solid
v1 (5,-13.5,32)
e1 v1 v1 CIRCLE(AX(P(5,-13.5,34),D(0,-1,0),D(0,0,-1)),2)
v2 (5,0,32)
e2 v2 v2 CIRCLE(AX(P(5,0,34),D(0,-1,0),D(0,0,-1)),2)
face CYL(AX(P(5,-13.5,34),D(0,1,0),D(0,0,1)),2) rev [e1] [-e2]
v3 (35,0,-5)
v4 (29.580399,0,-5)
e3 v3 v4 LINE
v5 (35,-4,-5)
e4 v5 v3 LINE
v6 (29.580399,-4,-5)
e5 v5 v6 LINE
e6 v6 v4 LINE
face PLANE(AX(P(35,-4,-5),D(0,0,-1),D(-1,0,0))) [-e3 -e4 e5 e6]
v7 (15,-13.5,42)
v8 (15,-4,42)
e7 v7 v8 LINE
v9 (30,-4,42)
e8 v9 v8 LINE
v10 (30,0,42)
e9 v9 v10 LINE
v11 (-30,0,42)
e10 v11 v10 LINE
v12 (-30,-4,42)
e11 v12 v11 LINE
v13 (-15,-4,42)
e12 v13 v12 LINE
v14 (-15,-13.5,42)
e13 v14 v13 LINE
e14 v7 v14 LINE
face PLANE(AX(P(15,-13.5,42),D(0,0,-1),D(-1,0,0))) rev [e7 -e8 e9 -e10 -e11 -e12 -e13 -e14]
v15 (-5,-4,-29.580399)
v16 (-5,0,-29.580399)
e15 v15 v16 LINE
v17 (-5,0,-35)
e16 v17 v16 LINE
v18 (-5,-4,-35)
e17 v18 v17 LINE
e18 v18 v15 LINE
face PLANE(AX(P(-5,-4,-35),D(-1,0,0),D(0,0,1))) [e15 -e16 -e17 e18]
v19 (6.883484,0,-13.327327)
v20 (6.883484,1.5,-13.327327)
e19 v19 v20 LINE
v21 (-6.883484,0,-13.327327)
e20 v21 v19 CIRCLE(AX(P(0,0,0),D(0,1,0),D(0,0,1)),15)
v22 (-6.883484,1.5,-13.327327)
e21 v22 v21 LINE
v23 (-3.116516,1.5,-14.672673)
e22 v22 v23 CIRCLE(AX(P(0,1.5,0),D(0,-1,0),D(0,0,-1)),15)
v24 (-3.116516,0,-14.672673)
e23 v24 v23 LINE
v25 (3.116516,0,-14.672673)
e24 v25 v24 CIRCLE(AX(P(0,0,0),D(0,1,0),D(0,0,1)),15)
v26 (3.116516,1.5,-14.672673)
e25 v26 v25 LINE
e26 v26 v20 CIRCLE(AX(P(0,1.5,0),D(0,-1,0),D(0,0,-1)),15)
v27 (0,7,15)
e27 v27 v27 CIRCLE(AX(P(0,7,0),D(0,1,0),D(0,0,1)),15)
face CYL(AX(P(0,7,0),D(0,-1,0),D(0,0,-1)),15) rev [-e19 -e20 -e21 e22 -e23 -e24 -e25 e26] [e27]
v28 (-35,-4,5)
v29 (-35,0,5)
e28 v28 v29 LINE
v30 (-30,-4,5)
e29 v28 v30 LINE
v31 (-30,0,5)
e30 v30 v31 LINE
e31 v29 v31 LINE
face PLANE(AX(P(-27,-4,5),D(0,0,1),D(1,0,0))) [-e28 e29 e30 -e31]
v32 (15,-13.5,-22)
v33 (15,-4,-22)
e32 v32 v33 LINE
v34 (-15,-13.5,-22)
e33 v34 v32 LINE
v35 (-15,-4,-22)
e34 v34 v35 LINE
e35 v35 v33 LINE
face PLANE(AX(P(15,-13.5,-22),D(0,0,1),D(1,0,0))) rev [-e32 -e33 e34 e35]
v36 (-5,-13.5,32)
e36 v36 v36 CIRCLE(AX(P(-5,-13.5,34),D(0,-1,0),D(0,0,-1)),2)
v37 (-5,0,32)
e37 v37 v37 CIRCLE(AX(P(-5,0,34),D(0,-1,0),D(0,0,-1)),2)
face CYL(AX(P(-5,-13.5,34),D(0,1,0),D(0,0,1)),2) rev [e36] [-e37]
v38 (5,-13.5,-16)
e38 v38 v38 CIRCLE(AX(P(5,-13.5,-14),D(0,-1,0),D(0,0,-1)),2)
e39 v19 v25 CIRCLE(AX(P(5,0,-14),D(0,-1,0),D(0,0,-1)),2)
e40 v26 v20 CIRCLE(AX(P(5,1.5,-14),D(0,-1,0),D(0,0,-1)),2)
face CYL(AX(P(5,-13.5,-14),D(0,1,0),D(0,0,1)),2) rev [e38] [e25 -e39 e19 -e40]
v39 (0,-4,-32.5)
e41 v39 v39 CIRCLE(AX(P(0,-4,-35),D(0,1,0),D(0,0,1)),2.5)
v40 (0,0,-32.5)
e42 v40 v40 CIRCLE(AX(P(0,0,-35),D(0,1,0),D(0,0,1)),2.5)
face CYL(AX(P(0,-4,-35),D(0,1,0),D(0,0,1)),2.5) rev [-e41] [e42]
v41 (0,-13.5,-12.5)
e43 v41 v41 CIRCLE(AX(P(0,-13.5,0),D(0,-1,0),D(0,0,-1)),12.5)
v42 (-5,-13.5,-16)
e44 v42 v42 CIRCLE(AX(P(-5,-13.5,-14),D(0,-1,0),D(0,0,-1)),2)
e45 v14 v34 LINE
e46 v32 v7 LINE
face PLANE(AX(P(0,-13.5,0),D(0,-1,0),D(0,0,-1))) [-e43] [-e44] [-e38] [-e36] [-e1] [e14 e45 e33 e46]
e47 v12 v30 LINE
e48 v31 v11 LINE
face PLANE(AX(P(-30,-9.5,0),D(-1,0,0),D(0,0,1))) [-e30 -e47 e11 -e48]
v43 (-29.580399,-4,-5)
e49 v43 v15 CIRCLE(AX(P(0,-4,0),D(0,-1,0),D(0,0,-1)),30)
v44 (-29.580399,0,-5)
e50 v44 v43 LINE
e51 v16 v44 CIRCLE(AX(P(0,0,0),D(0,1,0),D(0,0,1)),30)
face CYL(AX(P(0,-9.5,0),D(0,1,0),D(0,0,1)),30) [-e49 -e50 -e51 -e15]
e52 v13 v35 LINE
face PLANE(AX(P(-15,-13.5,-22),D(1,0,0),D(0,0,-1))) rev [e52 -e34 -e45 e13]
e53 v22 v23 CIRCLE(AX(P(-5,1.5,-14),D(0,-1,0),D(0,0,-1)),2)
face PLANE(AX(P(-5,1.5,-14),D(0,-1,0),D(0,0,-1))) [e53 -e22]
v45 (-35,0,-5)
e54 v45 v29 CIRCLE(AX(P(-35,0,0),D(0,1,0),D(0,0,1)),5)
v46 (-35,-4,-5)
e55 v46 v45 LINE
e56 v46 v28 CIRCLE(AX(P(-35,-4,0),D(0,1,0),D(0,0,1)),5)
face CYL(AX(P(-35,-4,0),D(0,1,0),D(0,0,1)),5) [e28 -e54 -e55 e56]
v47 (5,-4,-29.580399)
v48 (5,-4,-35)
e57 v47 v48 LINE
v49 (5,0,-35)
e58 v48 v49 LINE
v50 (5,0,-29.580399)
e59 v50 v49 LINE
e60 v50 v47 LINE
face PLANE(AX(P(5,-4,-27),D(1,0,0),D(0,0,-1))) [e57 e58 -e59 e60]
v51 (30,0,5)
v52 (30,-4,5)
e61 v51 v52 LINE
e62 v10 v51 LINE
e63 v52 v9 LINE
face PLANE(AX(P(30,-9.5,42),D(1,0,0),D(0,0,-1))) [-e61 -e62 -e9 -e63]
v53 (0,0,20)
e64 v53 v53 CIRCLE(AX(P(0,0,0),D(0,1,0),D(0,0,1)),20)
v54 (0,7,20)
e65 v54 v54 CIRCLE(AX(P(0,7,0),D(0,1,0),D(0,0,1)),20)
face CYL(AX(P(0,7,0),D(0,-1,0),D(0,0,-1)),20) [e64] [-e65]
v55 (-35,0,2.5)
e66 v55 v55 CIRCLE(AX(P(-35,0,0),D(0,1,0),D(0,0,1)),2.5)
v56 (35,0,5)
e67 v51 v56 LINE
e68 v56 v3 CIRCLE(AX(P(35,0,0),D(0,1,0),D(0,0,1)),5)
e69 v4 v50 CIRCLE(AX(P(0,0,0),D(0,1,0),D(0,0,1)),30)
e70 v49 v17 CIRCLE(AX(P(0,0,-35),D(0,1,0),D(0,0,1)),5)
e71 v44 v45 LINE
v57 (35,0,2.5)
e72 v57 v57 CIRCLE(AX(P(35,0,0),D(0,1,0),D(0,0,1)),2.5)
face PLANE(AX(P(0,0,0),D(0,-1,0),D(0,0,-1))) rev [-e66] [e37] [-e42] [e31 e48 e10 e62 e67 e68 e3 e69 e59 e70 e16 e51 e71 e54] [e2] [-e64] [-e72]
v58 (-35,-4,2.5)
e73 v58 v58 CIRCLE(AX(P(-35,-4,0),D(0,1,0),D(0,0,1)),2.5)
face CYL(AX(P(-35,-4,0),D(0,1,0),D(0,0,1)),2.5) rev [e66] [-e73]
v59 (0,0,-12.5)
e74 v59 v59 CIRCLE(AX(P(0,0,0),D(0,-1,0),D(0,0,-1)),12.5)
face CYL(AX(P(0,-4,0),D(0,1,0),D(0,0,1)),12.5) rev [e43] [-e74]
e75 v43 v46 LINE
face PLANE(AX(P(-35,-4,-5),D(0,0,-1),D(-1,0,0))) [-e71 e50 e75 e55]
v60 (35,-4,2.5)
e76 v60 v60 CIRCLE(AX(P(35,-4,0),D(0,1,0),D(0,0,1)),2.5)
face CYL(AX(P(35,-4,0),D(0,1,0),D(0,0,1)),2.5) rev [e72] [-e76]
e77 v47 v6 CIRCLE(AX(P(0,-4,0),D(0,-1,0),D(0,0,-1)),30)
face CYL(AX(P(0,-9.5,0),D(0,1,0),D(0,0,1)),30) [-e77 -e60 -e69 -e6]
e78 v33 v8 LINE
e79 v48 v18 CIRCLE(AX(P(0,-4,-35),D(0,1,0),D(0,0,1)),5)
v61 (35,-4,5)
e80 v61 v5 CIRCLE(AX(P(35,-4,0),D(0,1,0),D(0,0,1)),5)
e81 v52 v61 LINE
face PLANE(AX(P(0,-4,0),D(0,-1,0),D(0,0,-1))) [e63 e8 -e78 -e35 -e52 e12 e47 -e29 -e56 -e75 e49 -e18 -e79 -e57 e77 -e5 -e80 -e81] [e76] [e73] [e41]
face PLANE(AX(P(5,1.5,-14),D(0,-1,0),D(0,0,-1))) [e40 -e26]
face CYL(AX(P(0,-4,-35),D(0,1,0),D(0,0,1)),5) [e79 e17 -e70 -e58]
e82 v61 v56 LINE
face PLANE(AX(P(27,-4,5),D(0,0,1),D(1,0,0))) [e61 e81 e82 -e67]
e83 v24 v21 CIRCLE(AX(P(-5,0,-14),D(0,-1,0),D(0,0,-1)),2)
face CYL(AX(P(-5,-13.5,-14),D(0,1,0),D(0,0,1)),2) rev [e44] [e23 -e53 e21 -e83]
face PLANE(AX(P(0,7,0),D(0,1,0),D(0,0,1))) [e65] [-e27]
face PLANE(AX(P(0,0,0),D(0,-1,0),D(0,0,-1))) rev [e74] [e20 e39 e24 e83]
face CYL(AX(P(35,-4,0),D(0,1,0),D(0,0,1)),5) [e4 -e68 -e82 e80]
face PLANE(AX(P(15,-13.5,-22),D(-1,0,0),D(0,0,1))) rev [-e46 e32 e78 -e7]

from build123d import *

# Parameters (mm, degrees)
SKETCH_1_R          = 20
SKETCH_1_R_2        = 15
EXTRUDE_1_DEPTH     = 7
SKETCH_2_R          = 70
SKETCH_2_R_2        = 12.5
EXTRUDE_2_DEPTH     = 4
SKETCH_3_W          = 30
SKETCH_3_H          = 64
SKETCH_3_R          = 2
SKETCH_3_R_2        = 12.5
EXTRUDE_3_DEPTH     = 9.5
SKETCH_4_R          = 81.168465046
CUT_EXTRUDE_1_DEPTH = 9.5
CUT_EXTRUDE_START   = -15
SKETCH_6_R          = 2
CUT_EXTRUDE_2_DEPTH = 15
SKETCH_7_R          = 2.5
EXTRUDE_4_DEPTH     = 4


with BuildPart() as part:
    # Эскиз1 → Бобышка-Вытянуть1 (new body)
    with BuildSketch(Plane(origin=(0, 0, 0), x_dir=(1, 0, 0), z_dir=(0, 1, 0))):
        with Locations(Location((0, 0, 0), (0, 0, 270))):
            Circle(SKETCH_1_R)
        with Locations(Location((0, 0, 0), (0, 0, 270))):
            Circle(SKETCH_1_R_2, mode=Mode.SUBTRACT)
    extrude(amount=EXTRUDE_1_DEPTH)

    # Эскиз2 → Бобышка-Вытянуть2 (add)
    with BuildSketch(Plane.XZ):
        with Locations(Location((0, 0, 0), (0, 0, 270))):
            Circle(SKETCH_2_R)
        with Locations(Location((0, 0, 0), (0, 0, 270))):
            Circle(SKETCH_2_R_2, mode=Mode.SUBTRACT)
    extrude(amount=EXTRUDE_2_DEPTH)

    # Эскиз3 → Бобышка-Вытянуть3 (add)
    with BuildSketch(Plane.XZ.offset(4)):
        with Locations((0, 10)):
            Rectangle(SKETCH_3_W, SKETCH_3_H)
        with Locations(Location((-5, 34, 0), (0, 0, 270))):
            Circle(SKETCH_3_R, mode=Mode.SUBTRACT)
        with Locations(Location((5, 34, 0), (0, 0, 270))):
            Circle(SKETCH_3_R, mode=Mode.SUBTRACT)
        with Locations(Location((-5, -14, 0), (0, 0, 270))):
            Circle(SKETCH_3_R, mode=Mode.SUBTRACT)
        with Locations(Location((5, -14, 0), (0, 0, 270))):
            Circle(SKETCH_3_R, mode=Mode.SUBTRACT)
        with Locations(Location((0, 0, 0), (0, 0, 270))):
            Circle(SKETCH_3_R_2, mode=Mode.SUBTRACT)
    extrude(amount=EXTRUDE_3_DEPTH)

    # Эскиз4 → Вырез-Вытянуть1 (cut)
    with BuildSketch(Plane(origin=(0, 0, 0), x_dir=(1, 0, 0), z_dir=(0, 1, 0))):
        Circle(SKETCH_4_R)
        with BuildLine():
            Line((-30, 0), (-30, -42))
            Line((-30, -42), (30, -42))
            Line((30, -42), (30, 0))
            ThreePointArc((30, 0), (0, 30), (-30, 0))
        make_face(mode=Mode.SUBTRACT)
    extrude(amount=-CUT_EXTRUDE_1_DEPTH, mode=Mode.SUBTRACT)

    # Эскиз6 → Вырез-Вытянуть2 (cut)
    with BuildSketch(Plane.XZ.offset(13.5).offset(CUT_EXTRUDE_START)):
        with Locations(Location((-5, 34, 0), (0, 0, 270))):
            Circle(SKETCH_6_R)
        with Locations(Location((5, 34, 0), (0, 0, 270))):
            Circle(SKETCH_6_R)
        with Locations(Location((-5, -14, 0), (0, 0, 160.346175942))):
            Circle(SKETCH_6_R)
        with Locations(Location((5, -14, 0), (0, 0, 19.653824058))):
            Circle(SKETCH_6_R)
    extrude(amount=CUT_EXTRUDE_2_DEPTH, mode=Mode.SUBTRACT)

    # Эскиз7 → Бобышка-Вытянуть4 (add)
    # profile 1 of 3: a face of its own
    with BuildSketch(Plane(origin=(0, 0, 0), x_dir=(1, 0, 0), z_dir=(0, 1, 0))):
        with BuildLine():
            Line((-35, 5), (-27, 5))
            Line((-27, 5), (-27, -5))
            Line((-27, -5), (-35, -5))
            ThreePointArc((-35, -5), (-40, 0), (-35, 5))
        make_face()
        with Locations(Location((-35, 0, 0), (0, 0, 270))):
            Circle(SKETCH_7_R, mode=Mode.SUBTRACT)
    # profile 2 of 3: a face of its own
    with BuildSketch(Plane(origin=(0, 0, 0), x_dir=(1, 0, 0), z_dir=(0, 1, 0))):
        with BuildLine():
            Line((-5, 35), (-5, 27))
            Line((-5, 27), (5, 27))
            Line((5, 27), (5, 35))
            ThreePointArc((5, 35), (0, 40), (-5, 35))
        make_face()
        with Locations(Location((0, 35, 0), (0, 0, 270))):
            Circle(SKETCH_7_R, mode=Mode.SUBTRACT)
    # profile 3 of 3: a face of its own
    with BuildSketch(Plane(origin=(0, 0, 0), x_dir=(1, 0, 0), z_dir=(0, 1, 0))):
        with BuildLine():
            Line((35, 5), (27, 5))
            Line((27, 5), (27, -5))
            Line((27, -5), (35, -5))
            ThreePointArc((35, -5), (40, 0), (35, 5))
        make_face()
        with Locations(Location((35, 0, 0), (0, 0, 270))):
            Circle(SKETCH_7_R, mode=Mode.SUBTRACT)
    extrude(amount=-EXTRUDE_4_DEPTH)


solid = part.part
